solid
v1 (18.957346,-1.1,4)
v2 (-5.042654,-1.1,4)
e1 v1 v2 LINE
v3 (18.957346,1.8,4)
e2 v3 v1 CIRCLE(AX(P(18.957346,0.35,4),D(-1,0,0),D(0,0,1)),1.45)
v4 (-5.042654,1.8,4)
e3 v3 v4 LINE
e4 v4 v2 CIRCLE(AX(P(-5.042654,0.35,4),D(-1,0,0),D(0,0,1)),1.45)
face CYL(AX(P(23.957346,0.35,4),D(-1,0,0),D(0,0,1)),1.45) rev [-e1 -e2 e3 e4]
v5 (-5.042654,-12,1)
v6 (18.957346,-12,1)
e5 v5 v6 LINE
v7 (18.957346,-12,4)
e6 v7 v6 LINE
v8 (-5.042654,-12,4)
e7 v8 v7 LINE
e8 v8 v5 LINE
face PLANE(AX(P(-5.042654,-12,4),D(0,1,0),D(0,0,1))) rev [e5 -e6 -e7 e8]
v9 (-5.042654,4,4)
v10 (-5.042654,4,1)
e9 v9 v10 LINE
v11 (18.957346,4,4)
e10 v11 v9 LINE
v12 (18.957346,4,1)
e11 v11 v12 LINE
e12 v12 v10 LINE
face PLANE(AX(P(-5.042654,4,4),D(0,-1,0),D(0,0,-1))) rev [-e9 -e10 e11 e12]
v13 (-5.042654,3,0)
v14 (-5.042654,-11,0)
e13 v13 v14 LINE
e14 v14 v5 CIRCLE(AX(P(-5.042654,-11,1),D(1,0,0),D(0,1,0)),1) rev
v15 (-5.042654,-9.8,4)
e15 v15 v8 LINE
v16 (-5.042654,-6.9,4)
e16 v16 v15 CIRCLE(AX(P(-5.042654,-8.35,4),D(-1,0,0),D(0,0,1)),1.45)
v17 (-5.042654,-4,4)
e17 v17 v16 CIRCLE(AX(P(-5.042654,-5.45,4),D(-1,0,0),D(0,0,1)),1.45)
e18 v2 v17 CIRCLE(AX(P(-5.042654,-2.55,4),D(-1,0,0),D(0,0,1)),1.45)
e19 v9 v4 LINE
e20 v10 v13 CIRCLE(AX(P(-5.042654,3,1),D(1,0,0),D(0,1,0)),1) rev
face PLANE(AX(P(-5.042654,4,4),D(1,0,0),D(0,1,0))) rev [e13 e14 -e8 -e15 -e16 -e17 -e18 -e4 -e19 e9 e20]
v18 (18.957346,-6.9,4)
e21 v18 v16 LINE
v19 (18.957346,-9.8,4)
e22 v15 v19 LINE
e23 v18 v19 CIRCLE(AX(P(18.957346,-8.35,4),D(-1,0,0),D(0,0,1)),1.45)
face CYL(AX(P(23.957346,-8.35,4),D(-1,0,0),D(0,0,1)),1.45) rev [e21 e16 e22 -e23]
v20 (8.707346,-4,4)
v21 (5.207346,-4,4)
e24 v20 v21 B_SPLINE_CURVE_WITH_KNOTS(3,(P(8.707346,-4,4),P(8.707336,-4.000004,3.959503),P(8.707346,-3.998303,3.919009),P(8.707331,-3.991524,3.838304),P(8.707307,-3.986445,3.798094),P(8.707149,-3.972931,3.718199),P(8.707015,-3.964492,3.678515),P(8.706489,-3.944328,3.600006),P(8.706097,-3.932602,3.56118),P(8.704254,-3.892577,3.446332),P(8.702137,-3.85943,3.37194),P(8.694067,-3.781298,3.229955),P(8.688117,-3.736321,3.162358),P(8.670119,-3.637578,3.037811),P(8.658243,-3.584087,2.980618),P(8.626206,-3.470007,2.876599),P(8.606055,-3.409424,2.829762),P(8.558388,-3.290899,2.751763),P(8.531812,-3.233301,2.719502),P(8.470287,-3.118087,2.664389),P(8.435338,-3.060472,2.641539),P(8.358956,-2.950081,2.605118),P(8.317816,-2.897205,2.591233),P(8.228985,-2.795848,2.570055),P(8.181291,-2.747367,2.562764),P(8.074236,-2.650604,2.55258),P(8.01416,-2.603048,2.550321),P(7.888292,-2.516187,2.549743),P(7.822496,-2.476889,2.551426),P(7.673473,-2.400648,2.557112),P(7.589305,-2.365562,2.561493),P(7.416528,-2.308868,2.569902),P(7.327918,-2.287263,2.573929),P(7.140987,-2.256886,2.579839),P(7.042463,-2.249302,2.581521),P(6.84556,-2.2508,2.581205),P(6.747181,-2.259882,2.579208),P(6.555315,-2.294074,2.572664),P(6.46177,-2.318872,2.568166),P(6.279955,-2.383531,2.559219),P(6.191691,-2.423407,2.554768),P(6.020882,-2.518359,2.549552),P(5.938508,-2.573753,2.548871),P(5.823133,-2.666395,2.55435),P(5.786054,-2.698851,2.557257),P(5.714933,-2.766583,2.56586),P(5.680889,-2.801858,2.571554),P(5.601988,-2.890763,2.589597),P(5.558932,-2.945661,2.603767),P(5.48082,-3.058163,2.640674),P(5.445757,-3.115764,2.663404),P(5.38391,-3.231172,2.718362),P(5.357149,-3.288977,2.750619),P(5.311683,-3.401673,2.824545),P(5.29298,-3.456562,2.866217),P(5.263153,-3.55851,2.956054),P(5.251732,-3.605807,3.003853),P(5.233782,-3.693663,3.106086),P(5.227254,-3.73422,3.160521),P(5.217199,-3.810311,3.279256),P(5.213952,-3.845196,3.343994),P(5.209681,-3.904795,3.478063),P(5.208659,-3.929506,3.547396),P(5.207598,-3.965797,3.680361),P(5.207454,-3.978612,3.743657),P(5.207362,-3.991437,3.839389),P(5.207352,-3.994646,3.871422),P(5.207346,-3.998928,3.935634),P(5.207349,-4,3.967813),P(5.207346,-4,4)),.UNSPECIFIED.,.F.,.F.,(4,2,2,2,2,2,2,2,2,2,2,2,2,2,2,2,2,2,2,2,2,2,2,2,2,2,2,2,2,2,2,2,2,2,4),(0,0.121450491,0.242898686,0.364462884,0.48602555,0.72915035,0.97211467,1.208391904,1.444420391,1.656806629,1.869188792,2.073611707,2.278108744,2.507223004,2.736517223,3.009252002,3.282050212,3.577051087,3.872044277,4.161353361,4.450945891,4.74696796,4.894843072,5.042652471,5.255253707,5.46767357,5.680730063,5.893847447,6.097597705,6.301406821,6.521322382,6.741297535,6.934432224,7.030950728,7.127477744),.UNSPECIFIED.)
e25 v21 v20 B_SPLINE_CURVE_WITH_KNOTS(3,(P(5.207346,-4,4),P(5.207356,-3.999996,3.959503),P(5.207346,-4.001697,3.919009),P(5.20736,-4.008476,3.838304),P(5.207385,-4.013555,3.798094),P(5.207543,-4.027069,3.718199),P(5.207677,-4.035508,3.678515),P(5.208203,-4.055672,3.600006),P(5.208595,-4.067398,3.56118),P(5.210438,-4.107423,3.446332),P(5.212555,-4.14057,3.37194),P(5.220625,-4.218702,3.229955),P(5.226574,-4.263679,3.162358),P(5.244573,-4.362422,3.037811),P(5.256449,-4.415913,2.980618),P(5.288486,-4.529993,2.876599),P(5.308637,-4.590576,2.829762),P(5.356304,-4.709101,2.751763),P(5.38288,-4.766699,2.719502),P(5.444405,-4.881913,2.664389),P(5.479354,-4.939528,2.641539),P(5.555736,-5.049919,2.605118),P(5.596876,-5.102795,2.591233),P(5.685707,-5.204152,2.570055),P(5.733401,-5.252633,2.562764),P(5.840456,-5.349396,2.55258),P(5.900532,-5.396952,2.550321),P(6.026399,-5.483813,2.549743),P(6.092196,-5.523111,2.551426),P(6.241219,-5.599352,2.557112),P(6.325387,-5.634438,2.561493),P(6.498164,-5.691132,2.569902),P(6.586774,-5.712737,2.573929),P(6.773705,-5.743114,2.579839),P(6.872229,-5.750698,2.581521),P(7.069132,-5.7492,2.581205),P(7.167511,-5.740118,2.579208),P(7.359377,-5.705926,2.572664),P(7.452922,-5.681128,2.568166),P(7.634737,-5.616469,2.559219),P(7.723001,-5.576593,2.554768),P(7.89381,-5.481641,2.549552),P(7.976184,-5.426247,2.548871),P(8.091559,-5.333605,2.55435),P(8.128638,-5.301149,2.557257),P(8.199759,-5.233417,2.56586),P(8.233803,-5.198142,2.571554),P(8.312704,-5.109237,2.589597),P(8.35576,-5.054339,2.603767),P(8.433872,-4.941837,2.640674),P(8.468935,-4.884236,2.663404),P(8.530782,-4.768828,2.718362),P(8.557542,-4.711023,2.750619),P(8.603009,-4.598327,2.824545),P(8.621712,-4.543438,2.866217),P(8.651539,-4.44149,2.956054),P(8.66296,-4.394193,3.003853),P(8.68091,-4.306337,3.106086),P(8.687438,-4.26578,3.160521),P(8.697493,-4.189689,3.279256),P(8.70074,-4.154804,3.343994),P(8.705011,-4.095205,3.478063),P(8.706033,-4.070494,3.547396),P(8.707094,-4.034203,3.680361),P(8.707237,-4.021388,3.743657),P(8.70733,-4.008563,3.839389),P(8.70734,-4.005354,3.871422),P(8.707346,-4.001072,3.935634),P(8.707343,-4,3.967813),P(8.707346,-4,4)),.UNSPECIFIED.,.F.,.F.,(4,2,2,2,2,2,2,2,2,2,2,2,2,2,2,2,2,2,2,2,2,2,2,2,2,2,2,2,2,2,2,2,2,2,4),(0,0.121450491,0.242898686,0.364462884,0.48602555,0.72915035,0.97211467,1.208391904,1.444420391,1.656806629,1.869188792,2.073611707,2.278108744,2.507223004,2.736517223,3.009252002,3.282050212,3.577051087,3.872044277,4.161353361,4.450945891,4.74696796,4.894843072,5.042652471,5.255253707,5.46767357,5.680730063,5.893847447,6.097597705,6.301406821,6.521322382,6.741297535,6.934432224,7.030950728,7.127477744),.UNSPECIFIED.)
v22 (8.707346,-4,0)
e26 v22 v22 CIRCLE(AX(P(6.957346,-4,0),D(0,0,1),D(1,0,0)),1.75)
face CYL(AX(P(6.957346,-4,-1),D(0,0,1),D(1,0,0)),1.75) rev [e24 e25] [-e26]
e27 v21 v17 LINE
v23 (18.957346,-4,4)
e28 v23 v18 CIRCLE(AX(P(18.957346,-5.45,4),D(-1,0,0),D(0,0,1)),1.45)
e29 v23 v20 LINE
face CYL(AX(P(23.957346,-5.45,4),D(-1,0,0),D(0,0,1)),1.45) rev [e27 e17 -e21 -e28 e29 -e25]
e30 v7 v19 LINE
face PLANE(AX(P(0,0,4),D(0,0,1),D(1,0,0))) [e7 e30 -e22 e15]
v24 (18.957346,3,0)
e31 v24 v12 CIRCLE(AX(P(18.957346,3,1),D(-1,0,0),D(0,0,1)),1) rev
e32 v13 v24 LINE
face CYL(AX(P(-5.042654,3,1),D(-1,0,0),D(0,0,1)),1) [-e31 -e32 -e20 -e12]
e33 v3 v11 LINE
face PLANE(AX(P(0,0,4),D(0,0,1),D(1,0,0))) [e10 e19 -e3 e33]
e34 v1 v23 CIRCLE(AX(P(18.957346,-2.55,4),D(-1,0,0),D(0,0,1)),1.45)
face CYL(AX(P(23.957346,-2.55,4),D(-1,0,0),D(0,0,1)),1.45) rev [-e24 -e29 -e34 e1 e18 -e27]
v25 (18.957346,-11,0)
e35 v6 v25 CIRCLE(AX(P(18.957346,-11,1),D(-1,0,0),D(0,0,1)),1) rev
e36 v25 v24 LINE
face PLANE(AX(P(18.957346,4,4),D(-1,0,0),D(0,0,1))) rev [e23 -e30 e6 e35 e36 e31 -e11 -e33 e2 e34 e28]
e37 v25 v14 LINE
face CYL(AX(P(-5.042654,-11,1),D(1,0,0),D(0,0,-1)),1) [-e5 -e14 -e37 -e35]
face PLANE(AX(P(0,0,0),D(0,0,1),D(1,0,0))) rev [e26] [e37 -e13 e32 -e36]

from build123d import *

# Parameters (mm, degrees)
SKETCH2_W           = 24
SKETCH2_H           = 16
BOSS_EXTRUDE1_DEPTH = 4
SKETCH3_R           = 1.75
CUT_EXTRUDE1_DEPTH  = 5
FILLET1_R           = 1
CUT_EXTRUDE2_DEPTH  = 29


with BuildPart() as part:
    # Sketch2 → Boss-Extrude1 (new body)
    with BuildSketch(Plane.XY):
        with Locations((6.957345972, -4)):
            Rectangle(SKETCH2_W, SKETCH2_H)
    extrude(amount=BOSS_EXTRUDE1_DEPTH)

    # Sketch3 → Cut-Extrude1 (cut)
    with BuildSketch(Plane.XY.offset(4)):
        with Locations((6.957345972, -4)):
            Circle(SKETCH3_R)
    extrude(amount=-CUT_EXTRUDE1_DEPTH, mode=Mode.SUBTRACT)

    # Fillet1
    fillet1_edges = [part.edges().sort_by_distance(p)[0] for p in [
        (6.957345972, 4, 0),
        (6.957345972, -12, 0),
    ]]
    fillet(fillet1_edges, radius=FILLET1_R)

    # Sketch4 → Cut-Extrude2 (cut)
    with BuildSketch(Plane.ZY.offset(5.042654028)):
        with BuildLine():
            ThreePointArc((5.45, -8.35), (5.025304833, -7.324695167), (4, -6.9))
            Line((4, -6.9), (4, -9.8))
            ThreePointArc((4, -9.8), (5.025304833, -9.375304833), (5.45, -8.35))
        make_face()
        with BuildLine():
            Line((4, -9.8), (4, -6.9))
            ThreePointArc((4, -6.9), (2.55, -8.35), (4, -9.8))
        make_face()
        with BuildLine():
            ThreePointArc((4, -6.9), (5.025304833, -6.475304833), (5.45, -5.45))
            ThreePointArc((5.45, -5.45), (5.025304832, -4.424695167), (3.999999999, -4))
            Line((4, -4), (4, -6.9))
        make_face()
        with BuildLine():
            Line((4, -6.9), (4, -4))
            ThreePointArc((3.999999999, -4), (2.55, -5.450000001), (4, -6.9))
        make_face()
        with BuildLine():
            ThreePointArc((4, -1.1), (2.55, -2.549999999), (3.999999999, -4))
            Line((4, -4), (4, -1.1))
        make_face()
        with BuildLine():
            Line((4, -1.1), (4, -4))
            ThreePointArc((3.999999999, -4), (5.025304832, -3.575304833), (5.45, -2.55))
            ThreePointArc((5.45, -2.55), (5.025304833, -1.524695167), (4, -1.1))
        make_face()
        with BuildLine():
            ThreePointArc((4, 1.8), (2.55, 0.35), (4, -1.1))
            Line((4, -1.1), (4, 1.8))
        make_face()
        with BuildLine():
            Line((4, 1.8), (4, -1.1))
            ThreePointArc((4, -1.1), (5.025304833, -0.675304833), (5.45, 0.35))
            ThreePointArc((5.45, 0.35), (5.025304833, 1.375304833), (4, 1.8))
        make_face()
    extrude(amount=-CUT_EXTRUDE2_DEPTH, mode=Mode.SUBTRACT)


solid = part.part
